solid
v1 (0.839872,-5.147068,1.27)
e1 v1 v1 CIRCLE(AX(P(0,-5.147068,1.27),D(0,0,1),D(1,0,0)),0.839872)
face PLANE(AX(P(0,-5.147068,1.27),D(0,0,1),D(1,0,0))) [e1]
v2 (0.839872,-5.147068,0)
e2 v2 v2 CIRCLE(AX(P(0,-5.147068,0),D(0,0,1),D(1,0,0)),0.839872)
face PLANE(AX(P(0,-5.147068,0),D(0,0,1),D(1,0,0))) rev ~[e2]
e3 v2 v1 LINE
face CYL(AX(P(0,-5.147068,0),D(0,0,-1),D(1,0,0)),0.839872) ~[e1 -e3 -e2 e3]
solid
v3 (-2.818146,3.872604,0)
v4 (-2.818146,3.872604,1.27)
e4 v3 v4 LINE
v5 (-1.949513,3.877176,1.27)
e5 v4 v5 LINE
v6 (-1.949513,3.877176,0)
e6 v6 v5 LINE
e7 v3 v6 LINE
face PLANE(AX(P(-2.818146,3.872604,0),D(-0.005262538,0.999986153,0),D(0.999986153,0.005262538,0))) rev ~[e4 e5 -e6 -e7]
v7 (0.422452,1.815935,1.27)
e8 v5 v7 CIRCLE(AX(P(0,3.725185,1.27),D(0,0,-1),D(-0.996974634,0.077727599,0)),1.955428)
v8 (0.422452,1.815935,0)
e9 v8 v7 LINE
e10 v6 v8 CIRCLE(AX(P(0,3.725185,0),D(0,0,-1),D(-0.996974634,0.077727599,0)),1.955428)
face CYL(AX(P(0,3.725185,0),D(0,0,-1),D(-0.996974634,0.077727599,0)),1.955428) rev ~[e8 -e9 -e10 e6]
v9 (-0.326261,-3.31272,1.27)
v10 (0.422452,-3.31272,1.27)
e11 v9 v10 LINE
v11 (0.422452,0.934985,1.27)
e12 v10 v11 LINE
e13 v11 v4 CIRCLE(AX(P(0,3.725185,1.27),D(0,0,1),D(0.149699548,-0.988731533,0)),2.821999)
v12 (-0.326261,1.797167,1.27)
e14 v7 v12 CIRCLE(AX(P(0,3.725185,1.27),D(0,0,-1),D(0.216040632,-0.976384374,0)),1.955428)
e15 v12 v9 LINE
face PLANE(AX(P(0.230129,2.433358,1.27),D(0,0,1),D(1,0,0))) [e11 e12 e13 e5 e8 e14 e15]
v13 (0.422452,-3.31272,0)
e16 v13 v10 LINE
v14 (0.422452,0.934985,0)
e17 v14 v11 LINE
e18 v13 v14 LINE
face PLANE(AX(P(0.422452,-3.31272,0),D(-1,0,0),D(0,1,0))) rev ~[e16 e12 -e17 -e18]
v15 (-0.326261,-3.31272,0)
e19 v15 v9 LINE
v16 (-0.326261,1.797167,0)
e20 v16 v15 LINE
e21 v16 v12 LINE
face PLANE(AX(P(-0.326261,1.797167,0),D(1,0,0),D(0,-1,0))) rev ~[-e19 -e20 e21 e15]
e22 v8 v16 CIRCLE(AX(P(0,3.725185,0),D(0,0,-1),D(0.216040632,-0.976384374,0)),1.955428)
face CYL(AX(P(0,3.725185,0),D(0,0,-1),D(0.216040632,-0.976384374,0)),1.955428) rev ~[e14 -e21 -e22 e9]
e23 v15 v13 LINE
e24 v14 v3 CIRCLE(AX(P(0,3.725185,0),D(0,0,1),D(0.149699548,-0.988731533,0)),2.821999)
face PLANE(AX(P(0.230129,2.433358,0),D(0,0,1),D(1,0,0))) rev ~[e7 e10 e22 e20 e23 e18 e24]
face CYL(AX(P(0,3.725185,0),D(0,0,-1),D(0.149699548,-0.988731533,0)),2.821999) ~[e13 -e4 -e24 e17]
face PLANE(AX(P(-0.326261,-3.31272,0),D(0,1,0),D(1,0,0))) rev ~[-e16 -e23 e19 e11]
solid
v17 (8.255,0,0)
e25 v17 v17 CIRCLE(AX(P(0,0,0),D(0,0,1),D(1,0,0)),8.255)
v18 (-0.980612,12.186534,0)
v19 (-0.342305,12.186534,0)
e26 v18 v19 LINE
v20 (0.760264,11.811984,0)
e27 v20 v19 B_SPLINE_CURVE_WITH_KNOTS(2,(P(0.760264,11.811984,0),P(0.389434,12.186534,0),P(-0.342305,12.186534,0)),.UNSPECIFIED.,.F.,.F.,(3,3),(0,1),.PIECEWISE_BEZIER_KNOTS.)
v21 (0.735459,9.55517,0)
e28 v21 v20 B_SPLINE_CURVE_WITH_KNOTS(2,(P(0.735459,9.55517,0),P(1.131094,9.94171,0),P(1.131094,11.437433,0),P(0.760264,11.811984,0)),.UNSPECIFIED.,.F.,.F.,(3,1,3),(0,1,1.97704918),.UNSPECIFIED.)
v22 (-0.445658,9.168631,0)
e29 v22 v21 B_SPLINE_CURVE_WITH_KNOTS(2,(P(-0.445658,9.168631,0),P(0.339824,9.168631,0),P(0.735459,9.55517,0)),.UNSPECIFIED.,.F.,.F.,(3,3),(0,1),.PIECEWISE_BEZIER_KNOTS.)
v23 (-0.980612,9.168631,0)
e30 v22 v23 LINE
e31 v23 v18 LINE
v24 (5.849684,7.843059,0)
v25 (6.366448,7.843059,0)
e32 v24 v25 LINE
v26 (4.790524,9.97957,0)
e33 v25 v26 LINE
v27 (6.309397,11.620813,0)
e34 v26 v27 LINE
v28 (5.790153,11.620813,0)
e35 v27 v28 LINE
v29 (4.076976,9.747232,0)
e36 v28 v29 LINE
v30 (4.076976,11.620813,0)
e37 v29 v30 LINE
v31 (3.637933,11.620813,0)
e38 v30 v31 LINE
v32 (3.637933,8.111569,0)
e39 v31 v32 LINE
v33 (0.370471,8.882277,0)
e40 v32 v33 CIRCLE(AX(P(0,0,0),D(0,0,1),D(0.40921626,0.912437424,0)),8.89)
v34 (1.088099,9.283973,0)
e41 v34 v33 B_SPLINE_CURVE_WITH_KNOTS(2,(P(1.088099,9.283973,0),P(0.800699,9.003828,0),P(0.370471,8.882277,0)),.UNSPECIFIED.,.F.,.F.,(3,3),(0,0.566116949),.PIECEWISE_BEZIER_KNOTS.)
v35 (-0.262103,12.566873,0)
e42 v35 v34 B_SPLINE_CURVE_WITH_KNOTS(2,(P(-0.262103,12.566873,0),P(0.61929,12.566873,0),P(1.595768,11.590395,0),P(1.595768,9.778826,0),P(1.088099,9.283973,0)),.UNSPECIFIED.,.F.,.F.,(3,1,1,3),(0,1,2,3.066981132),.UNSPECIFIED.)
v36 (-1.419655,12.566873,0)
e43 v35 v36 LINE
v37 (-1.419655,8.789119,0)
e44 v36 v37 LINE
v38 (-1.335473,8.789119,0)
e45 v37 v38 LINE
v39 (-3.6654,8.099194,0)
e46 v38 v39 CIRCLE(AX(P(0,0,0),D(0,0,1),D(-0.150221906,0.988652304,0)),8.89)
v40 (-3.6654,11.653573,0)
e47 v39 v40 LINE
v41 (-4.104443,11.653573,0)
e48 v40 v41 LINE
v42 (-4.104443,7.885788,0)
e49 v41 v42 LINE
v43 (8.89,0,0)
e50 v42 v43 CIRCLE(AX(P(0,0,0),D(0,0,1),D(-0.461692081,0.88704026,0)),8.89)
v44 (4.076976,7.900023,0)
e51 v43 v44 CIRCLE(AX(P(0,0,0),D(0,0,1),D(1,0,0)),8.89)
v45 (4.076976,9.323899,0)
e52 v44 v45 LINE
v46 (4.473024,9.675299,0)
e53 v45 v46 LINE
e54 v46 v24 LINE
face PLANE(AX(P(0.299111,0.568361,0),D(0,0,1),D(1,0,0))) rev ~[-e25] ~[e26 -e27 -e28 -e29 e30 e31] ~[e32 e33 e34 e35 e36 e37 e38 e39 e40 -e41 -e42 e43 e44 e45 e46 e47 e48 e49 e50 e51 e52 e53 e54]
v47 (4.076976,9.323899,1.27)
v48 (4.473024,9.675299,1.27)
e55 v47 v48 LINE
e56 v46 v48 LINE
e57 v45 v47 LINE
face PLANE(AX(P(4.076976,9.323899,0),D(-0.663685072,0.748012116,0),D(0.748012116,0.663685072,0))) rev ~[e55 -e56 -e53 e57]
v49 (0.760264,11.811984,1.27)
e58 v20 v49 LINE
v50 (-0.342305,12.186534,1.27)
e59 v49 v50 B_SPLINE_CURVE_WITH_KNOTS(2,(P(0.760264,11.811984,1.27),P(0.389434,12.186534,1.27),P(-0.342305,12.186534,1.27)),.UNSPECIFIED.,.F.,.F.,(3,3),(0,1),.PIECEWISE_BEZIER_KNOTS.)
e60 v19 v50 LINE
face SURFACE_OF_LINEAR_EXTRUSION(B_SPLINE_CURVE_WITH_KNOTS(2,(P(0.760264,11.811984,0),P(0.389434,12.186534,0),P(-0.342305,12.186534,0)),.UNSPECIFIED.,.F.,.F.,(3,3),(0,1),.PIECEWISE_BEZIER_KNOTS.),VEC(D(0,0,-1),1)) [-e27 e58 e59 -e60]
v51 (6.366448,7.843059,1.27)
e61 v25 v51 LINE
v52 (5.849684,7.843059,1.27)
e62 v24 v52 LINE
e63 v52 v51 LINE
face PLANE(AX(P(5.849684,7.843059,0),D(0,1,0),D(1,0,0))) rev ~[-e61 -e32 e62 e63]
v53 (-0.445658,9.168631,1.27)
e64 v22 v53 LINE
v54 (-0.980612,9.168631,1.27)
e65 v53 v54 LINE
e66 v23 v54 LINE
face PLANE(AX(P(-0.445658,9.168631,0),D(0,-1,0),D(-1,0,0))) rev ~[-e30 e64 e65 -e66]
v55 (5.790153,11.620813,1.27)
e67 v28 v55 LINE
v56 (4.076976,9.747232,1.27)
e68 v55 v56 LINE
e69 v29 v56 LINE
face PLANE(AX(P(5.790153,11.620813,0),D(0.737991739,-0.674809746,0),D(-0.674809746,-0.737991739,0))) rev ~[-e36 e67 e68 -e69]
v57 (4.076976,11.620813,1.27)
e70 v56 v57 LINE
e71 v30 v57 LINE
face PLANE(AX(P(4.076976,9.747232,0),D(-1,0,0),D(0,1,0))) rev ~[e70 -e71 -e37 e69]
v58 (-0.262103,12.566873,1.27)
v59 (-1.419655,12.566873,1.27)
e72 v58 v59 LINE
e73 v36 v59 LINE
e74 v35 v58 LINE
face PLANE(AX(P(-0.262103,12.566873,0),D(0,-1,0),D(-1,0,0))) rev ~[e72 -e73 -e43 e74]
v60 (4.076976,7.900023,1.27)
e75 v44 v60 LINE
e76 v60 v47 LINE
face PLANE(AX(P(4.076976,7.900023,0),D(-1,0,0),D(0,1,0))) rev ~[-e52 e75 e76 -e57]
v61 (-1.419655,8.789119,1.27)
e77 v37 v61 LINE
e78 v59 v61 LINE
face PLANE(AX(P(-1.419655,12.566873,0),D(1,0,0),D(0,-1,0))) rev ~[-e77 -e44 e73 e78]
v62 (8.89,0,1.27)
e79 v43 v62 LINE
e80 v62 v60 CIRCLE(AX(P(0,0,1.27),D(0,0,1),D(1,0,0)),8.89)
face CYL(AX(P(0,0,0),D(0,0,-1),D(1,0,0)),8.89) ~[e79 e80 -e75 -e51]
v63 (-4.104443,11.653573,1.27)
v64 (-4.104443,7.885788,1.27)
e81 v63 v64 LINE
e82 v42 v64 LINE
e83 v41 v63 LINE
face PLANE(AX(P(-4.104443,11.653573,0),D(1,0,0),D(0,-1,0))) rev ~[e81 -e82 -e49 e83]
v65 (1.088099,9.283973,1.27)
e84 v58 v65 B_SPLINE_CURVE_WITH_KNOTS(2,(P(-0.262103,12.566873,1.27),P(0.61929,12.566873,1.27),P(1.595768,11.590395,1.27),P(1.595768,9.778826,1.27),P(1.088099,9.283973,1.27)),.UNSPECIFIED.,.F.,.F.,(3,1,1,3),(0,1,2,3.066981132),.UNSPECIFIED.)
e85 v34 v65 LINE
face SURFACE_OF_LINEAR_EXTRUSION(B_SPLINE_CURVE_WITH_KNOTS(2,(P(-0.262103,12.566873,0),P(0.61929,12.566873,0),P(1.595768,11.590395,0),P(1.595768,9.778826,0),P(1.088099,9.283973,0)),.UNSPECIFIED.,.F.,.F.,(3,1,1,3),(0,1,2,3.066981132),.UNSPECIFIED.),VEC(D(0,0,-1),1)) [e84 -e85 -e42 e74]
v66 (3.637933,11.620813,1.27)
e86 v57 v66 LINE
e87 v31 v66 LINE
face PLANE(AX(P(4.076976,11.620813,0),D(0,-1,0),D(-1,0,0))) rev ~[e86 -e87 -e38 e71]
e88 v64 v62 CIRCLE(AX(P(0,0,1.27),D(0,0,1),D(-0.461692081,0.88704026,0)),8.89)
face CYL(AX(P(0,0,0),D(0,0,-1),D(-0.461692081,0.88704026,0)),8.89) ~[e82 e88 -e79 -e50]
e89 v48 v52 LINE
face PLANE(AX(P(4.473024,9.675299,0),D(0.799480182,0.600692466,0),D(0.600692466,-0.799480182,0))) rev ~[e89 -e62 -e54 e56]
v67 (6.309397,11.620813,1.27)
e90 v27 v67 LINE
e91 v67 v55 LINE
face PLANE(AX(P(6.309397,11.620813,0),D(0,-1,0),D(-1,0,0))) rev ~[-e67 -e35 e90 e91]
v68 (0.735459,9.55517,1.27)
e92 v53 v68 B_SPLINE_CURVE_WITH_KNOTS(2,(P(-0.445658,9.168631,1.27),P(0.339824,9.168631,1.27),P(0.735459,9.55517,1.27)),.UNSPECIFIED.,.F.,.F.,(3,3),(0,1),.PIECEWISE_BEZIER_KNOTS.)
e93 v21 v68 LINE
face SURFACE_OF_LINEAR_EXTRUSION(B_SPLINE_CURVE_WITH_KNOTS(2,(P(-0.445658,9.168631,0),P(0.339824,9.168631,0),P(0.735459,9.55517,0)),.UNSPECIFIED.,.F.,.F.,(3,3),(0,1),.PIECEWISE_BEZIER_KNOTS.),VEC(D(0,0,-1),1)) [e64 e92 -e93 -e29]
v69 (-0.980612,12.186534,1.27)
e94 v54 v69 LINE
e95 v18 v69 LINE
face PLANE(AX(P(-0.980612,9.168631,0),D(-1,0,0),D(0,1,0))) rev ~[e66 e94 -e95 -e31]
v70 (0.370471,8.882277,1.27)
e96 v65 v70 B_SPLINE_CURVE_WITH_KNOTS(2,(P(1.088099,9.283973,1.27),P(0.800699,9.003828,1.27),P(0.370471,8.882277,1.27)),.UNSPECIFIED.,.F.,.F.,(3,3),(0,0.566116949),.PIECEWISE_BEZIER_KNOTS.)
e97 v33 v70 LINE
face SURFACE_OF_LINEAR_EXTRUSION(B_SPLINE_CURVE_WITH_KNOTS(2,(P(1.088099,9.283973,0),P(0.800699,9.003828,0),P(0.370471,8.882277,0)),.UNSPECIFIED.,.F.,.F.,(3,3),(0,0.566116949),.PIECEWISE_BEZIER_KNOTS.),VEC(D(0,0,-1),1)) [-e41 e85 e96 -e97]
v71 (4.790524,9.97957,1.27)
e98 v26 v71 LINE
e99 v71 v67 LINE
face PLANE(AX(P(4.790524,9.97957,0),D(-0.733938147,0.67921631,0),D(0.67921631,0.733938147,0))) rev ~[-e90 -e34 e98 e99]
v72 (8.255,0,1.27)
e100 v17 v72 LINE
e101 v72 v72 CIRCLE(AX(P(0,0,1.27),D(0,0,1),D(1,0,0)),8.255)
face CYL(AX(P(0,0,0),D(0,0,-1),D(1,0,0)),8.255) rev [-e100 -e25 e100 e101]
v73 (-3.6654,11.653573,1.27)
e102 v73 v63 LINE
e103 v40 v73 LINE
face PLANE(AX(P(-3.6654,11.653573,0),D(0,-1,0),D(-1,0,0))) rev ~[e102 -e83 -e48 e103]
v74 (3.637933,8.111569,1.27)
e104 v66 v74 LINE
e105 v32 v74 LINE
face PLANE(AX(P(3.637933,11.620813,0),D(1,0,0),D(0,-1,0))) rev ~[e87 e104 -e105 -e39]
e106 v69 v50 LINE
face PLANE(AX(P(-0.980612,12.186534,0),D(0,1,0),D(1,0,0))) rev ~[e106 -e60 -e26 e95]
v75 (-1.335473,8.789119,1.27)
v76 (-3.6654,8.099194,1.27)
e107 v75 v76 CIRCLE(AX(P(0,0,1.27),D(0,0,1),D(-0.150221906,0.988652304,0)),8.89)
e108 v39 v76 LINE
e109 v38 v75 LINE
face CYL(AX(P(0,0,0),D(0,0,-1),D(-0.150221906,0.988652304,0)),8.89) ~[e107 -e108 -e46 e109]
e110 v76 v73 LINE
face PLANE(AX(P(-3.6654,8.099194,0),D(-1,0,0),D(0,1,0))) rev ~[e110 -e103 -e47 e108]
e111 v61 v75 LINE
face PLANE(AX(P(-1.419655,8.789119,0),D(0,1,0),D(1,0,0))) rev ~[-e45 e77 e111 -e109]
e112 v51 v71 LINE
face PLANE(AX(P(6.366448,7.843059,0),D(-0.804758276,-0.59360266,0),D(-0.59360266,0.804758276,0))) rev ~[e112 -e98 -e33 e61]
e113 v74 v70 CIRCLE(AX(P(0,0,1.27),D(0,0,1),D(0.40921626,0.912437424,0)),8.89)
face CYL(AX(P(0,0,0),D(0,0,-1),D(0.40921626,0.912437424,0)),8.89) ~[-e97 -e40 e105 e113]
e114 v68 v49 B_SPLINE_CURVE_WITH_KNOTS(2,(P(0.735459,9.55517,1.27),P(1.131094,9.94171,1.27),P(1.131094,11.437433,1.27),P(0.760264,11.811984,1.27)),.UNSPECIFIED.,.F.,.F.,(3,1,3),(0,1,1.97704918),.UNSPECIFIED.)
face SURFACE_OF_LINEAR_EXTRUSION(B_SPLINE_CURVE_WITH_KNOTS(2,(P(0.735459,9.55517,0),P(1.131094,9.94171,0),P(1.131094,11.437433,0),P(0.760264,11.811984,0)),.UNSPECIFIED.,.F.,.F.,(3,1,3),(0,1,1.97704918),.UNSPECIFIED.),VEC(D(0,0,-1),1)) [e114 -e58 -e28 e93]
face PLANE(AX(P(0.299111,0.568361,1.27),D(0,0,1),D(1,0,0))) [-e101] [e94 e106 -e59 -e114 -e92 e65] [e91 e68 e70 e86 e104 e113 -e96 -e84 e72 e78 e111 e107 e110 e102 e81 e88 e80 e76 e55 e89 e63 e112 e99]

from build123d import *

# Parameters (mm, degrees)
F0_R     = 8.255
F1_DEPTH = 1.27
F2_DEPTH = 1.27
F0_R_2   = 0.8398718831


with BuildPart() as f1:
    # F0 (on Top) → F1 (new body)
    with BuildSketch(Plane.XY):
        with BuildLine():
            ThreePointArc((-4.1044425987, 7.8857879095), (-4.6121364517, -7.6000195626), (8.89, 0))
            ThreePointArc((8.89, 0), (7.5919830199, 4.625353373), (4.0769755174, 7.9000234576))
            Line((4.0769755174, 7.9000234576), (4.0769755174, 7.8430591622))
            Line((4.0769755174, 7.8430591622), (3.6379325486, 7.8430591622))
            Line((3.6379325486, 7.8430591622), (3.6379325486, 8.1115686998))
            ThreePointArc((3.6379325486, 8.1115686998), (2.0409119952, 8.6525590566), (0.3704705258, 8.8822773876))
            add(Edge.make_bspline(
                [(0.3704705258, 8.8822773876), (0.0407352156, 8.7891189852), (-0.3728971354, 8.7891189852)],
                knots=[0.5661169485, 0.5661169485, 0.5661169485, 1, 1, 1], degree=2))
            Line((-0.3728971354, 8.7891189852), (-1.335472749, 8.7891189852))
            ThreePointArc((-1.335472749, 8.7891189852), (-2.5241196909, 8.5241374805), (-3.6653996299, 8.0991941298))
            Line((-3.6653996299, 8.0991941298), (-3.6653996299, 7.8758193651))
            Line((-3.6653996299, 7.8758193651), (-4.1044425987, 7.8758193651))
            Line((-4.1044425987, 7.8758193651), (-4.1044425987, 7.8857879095))
        make_face()
        Circle(F0_R, mode=Mode.SUBTRACT)
        with BuildLine():
            Line((4.0769755174, 7.8430591622), (4.0769755174, 7.9000234576))
            ThreePointArc((4.0769755174, 7.9000234576), (3.85890392, 8.0088051878), (3.6379325486, 8.1115686998))
            Line((3.6379325486, 8.1115686998), (3.6379325486, 7.8430591622))
            Line((3.6379325486, 7.8430591622), (4.0769755174, 7.8430591622))
        make_face()
        with BuildLine():
            ThreePointArc((3.6379325486, 8.1115686998), (3.85890392, 8.0088051878), (4.0769755174, 7.9000234576))
            Line((4.0769755174, 7.9000234576), (4.0769755174, 9.3238990059))
            Line((4.0769755174, 9.3238990059), (4.4730236944, 9.6752987455))
            Line((4.4730236944, 9.6752987455), (5.8496838507, 7.8430591622))
            Line((5.8496838507, 7.8430591622), (6.3664481736, 7.8430591622))
            Line((6.3664481736, 7.8430591622), (4.7905236944, 9.9795695789))
            Line((4.7905236944, 9.9795695789), (6.3093973924, 11.6208130684))
            Line((6.3093973924, 11.6208130684), (5.7901526007, 11.6208130684))
            Line((5.7901526007, 11.6208130684), (4.0769755174, 9.7472323393))
            Line((4.0769755174, 9.7472323393), (4.0769755174, 11.6208130684))
            Line((4.0769755174, 11.6208130684), (3.6379325486, 11.6208130684))
            Line((3.6379325486, 11.6208130684), (3.6379325486, 8.1115686998))
        make_face()
        with BuildLine():
            Line((-4.1044425987, 11.6535732713), (-4.1044425987, 7.8857879095))
            ThreePointArc((-4.1044425987, 7.8857879095), (-3.88638619, 7.9955051361), (-3.6653996299, 8.0991941298))
            Line((-3.6653996299, 8.0991941298), (-3.6653996299, 11.6535732713))
            Line((-3.6653996299, 11.6535732713), (-4.1044425987, 11.6535732713))
        make_face()
        with BuildLine():
            ThreePointArc((-3.6653996299, 8.0991941298), (-3.88638619, 7.9955051361), (-4.1044425987, 7.8857879095))
            Line((-4.1044425987, 7.8857879095), (-4.1044425987, 7.8758193651))
            Line((-4.1044425987, 7.8758193651), (-3.6653996299, 7.8758193651))
            Line((-3.6653996299, 7.8758193651), (-3.6653996299, 8.0991941298))
        make_face()
        with BuildLine():
            add(Edge.make_bspline(
                [(0.3704705258, 8.8822773876), (0.0407352156, 8.7891189852), (-0.3728971354, 8.7891189852)],
                knots=[0.5661169485, 0.5661169485, 0.5661169485, 1, 1, 1], degree=2))
            ThreePointArc((0.3704705258, 8.8822773876), (-0.4847442054, 8.876774361), (-1.335472749, 8.7891189852))
            Line((-1.335472749, 8.7891189852), (-0.3728971354, 8.7891189852))
        make_face()
        with BuildLine():
            ThreePointArc((-1.335472749, 8.7891189852), (-0.4847442054, 8.876774361), (0.3704705258, 8.8822773876))
            add(Edge.make_bspline(
                [(1.0880989583, 9.2839725009), (0.8006987799, 9.0038275386), (0.3704705258, 8.8822773876)],
                knots=[0, 0, 0, 0.5661169485, 0.5661169485, 0.5661169485], degree=2))
            add(Edge.make_bspline(
                [(1.5957682292, 10.7139627352), (1.5957682292, 9.7788260165), (1.0880989583, 9.2839725009)],
                knots=[0, 0, 0, 1, 1, 1], degree=2))
            add(Edge.make_bspline(
                [(1.1075292969, 12.0786339592), (1.5957682292, 11.5903950269), (1.5957682292, 10.7139627352)],
                knots=[0, 0, 0, 1, 1, 1], degree=2))
            add(Edge.make_bspline(
                [(-0.2621028646, 12.5668728915), (0.6192903646, 12.5668728915), (1.1075292969, 12.0786339592)],
                knots=[0, 0, 0, 1, 1, 1], degree=2))
            Line((-0.2621028646, 12.5668728915), (-1.4196549479, 12.5668728915))
            Line((-1.4196549479, 12.5668728915), (-1.4196549479, 8.7891189852))
            Line((-1.4196549479, 8.7891189852), (-1.335472749, 8.7891189852))
        make_face()
        with BuildLine():
            add(Edge.make_bspline(
                [(1.13109375, 10.6982530998), (1.13109375, 11.4374327873), (0.7602636719, 11.8119835686)],
                knots=[0, 0, 0, 1, 1, 1], degree=2))
            add(Edge.make_bspline(
                [(0.7354589844, 9.5551704175), (1.13109375, 9.9417101311), (1.13109375, 10.6982530998)],
                knots=[0, 0, 0, 1, 1, 1], degree=2))
            add(Edge.make_bspline(
                [(-0.4456575521, 9.168630704), (0.3398242188, 9.168630704), (0.7354589844, 9.5551704175)],
                knots=[0, 0, 0, 1, 1, 1], degree=2))
            Line((-0.4456575521, 9.168630704), (-0.9806119792, 9.168630704))
            Line((-0.9806119792, 9.168630704), (-0.9806119792, 12.1865343498))
            Line((-0.9806119792, 12.1865343498), (-0.3423046875, 12.1865343498))
            add(Edge.make_bspline(
                [(0.7602636719, 11.8119835686), (0.3894335938, 12.1865343498), (-0.3423046875, 12.1865343498)],
                knots=[0, 0, 0, 1, 1, 1], degree=2))
        make_face(mode=Mode.SUBTRACT)
    extrude(amount=F1_DEPTH)


with BuildPart() as f2:
    # F0 (on Top) → F2 (new body)
    with BuildSketch(Plane.XY):
        with BuildLine():
            Line((-0.3262611572, 1.7971666738), (-0.3262611572, -3.3127204515))
            Line((-0.3262611572, -3.3127204515), (0.4224519944, -3.3127204515))
            Line((0.4224519944, -3.3127204515), (0.4224519944, 0.9349852992))
            ThreePointArc((0.4224519944, 0.9349852992), (1.8953202192, 5.8159838013), (-2.8181459482, 3.8726043033))
            Line((-2.8181459482, 3.8726043033), (-1.9495125412, 3.8771755831))
            ThreePointArc((-1.9495125412, 3.8771755831), (1.2826365802, 5.2011738985), (0.4224519944, 1.8159350649))
            ThreePointArc((0.4224519944, 1.8159350649), (0.0490023715, 1.7703704856), (-0.3262611572, 1.7971666738))
        make_face()
    extrude(amount=F2_DEPTH)


with BuildPart() as f2b:
    # F0 (on Top) → F2, piece 2 (new body)
    with BuildSketch(Plane.XY):
        with Locations((0, -5.1470682956)):
            Circle(F0_R_2)
    extrude(amount=F2_DEPTH)


solid = Compound([f1.part, f2.part, f2b.part])
